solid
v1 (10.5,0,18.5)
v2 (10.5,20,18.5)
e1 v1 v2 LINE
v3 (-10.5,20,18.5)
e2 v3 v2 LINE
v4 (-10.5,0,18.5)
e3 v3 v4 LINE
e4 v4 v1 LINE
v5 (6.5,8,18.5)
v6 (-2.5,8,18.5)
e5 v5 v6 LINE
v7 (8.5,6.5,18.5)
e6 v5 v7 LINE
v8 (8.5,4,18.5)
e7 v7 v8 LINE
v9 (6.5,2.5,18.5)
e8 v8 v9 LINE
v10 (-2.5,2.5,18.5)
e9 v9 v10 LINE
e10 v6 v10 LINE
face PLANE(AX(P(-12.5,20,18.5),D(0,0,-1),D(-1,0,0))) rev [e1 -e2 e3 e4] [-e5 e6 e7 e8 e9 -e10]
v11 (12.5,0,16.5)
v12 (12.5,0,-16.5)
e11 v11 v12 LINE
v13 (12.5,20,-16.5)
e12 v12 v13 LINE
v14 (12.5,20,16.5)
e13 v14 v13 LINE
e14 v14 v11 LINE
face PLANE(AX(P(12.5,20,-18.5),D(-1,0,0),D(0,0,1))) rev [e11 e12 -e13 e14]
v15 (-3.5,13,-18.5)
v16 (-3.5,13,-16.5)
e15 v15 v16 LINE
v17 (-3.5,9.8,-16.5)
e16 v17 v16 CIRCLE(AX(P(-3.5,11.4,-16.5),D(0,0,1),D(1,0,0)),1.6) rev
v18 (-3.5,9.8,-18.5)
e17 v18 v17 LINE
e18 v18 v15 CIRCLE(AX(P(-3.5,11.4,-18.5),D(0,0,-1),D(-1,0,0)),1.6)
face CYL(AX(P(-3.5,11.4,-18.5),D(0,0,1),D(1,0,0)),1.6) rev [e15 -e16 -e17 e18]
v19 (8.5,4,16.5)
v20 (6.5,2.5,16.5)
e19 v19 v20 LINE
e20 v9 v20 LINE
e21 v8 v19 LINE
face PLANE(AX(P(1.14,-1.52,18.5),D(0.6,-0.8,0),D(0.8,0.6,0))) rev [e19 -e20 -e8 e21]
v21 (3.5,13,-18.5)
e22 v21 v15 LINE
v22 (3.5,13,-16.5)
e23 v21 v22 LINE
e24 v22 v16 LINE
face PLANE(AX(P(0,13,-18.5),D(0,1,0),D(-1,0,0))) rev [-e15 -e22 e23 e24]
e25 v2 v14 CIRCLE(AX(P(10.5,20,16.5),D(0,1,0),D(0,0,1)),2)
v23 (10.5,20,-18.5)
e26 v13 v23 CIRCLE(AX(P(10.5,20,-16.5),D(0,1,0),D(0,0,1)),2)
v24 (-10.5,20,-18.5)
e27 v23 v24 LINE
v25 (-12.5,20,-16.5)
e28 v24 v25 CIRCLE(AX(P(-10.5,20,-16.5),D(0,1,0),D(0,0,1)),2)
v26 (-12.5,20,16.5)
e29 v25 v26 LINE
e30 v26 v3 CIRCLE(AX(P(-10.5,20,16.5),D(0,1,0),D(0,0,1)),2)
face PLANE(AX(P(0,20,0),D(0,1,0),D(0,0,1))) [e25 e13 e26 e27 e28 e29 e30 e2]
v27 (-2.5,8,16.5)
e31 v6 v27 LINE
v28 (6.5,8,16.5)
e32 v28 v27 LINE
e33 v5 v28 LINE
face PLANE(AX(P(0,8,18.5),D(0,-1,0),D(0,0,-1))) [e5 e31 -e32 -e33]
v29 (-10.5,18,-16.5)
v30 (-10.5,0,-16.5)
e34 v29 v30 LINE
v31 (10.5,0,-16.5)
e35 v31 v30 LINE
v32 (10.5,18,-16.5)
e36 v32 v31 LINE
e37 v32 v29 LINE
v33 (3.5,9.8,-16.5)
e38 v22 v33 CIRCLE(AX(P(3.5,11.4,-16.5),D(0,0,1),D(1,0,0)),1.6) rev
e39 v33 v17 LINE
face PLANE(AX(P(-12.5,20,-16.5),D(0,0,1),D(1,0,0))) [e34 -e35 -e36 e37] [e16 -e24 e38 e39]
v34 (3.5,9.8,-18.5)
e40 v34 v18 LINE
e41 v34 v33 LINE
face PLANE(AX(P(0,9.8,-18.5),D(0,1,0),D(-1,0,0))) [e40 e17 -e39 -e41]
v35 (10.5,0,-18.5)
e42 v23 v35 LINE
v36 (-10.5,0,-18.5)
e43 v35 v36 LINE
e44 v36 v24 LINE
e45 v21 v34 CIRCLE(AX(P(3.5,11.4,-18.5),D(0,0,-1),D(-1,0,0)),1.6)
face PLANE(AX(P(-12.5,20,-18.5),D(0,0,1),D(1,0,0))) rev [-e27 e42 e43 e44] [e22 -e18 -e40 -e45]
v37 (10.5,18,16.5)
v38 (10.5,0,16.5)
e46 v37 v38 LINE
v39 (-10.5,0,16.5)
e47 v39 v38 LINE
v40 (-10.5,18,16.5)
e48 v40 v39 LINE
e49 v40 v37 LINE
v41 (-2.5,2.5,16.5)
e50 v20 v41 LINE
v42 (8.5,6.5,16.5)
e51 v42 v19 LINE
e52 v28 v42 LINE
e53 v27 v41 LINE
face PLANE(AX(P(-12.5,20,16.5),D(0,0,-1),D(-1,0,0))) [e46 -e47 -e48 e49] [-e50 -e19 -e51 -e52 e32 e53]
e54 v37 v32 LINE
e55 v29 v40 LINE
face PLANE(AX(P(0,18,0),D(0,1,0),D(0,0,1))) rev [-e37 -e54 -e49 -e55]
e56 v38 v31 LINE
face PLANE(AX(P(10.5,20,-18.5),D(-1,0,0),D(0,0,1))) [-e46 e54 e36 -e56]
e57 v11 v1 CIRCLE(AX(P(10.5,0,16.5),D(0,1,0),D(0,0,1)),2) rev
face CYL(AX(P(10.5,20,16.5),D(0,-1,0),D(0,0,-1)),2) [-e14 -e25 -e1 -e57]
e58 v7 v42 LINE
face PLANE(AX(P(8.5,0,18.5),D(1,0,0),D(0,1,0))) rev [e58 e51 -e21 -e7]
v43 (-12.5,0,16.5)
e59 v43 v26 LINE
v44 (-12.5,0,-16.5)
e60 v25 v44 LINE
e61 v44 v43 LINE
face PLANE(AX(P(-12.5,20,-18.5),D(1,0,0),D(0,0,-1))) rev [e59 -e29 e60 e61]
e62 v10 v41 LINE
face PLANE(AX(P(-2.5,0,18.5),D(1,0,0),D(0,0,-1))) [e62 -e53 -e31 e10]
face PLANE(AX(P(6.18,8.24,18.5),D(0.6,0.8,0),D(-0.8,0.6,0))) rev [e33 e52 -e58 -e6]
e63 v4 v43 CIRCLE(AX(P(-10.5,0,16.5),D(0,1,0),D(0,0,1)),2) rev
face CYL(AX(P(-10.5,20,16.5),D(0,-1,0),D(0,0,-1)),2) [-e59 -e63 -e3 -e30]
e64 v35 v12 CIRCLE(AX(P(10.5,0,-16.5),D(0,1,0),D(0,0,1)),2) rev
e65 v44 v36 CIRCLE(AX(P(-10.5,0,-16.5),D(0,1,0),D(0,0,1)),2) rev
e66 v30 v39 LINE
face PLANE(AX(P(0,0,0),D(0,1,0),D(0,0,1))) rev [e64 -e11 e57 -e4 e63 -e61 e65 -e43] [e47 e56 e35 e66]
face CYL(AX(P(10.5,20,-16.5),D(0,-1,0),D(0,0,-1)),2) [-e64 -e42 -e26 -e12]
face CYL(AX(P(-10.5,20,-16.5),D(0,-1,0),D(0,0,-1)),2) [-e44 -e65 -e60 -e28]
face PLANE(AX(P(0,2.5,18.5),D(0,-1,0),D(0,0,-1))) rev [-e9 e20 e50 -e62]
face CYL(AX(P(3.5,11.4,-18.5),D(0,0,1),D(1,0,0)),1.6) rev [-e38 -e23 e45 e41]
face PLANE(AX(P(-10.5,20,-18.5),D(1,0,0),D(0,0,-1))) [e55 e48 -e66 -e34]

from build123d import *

# Parameters (mm, degrees)
SKETCH_1_W          = 25
SKETCH_1_H          = 37
EXTRUDE_1_DEPTH     = 20
SHELL_1_T           = -2
FILLET_1_R          = 2
CUT_EXTRUDE_1_DEPTH = 43.20485754
CUT_EXTRUDE_2_DEPTH = 43.20485754


with BuildPart() as part:
    # 草图1 → 凸台-拉伸1 (new body)
    with BuildSketch(Plane(origin=(0, 0, 0), x_dir=(1, 0, 0), z_dir=(0, 1, 0))):
        Rectangle(SKETCH_1_W, SKETCH_1_H)
    extrude(amount=EXTRUDE_1_DEPTH)

    # 抽壳1
    shell_1_openings = [part.faces().sort_by_distance(p)[0] for p in [
        (0, 0, 0),
    ]]
    offset(amount=SHELL_1_T, openings=shell_1_openings, kind=Kind.INTERSECTION)

    # 圆角1
    fillet_1_edges = [part.edges().sort_by_distance(p)[0] for p in [
        (12.5, 10, 18.5),
        (-12.5, 10, 18.5),
        (-12.5, 10, -18.5),
        (12.5, 10, -18.5),
    ]]
    fillet(fillet_1_edges, radius=FILLET_1_R)

    # 草图3 → 切除-拉伸1 (cut, through all)
    with BuildSketch(Plane(origin=(0, 0, 16.5), x_dir=(-1, 0, 0), z_dir=(0, 0, -1))):
        Polygon((2.5, 8), (-6.5, 8), (-8.5, 6.5), (-8.5, 4), (-6.5, 2.5), (2.5, 2.5), align=None)
    extrude(amount=-CUT_EXTRUDE_1_DEPTH, mode=Mode.SUBTRACT)

    # 草图3<3> → 切除-拉伸2 (cut, through all)
    with BuildSketch(Plane(origin=(0, 0, 16.5), x_dir=(-1, 0, 0), z_dir=(0, 0, -1))):
        with BuildLine():
            Line((-3.5, 9.8), (3.5, 9.8))
            ThreePointArc((3.5, 9.8), (5.1, 11.4), (3.5, 13))
            Line((3.5, 13), (-3.5, 13))
            ThreePointArc((-3.5, 13), (-5.1, 11.4), (-3.5, 9.8))
        make_face()
    extrude(amount=CUT_EXTRUDE_2_DEPTH, mode=Mode.SUBTRACT)


solid = part.part
